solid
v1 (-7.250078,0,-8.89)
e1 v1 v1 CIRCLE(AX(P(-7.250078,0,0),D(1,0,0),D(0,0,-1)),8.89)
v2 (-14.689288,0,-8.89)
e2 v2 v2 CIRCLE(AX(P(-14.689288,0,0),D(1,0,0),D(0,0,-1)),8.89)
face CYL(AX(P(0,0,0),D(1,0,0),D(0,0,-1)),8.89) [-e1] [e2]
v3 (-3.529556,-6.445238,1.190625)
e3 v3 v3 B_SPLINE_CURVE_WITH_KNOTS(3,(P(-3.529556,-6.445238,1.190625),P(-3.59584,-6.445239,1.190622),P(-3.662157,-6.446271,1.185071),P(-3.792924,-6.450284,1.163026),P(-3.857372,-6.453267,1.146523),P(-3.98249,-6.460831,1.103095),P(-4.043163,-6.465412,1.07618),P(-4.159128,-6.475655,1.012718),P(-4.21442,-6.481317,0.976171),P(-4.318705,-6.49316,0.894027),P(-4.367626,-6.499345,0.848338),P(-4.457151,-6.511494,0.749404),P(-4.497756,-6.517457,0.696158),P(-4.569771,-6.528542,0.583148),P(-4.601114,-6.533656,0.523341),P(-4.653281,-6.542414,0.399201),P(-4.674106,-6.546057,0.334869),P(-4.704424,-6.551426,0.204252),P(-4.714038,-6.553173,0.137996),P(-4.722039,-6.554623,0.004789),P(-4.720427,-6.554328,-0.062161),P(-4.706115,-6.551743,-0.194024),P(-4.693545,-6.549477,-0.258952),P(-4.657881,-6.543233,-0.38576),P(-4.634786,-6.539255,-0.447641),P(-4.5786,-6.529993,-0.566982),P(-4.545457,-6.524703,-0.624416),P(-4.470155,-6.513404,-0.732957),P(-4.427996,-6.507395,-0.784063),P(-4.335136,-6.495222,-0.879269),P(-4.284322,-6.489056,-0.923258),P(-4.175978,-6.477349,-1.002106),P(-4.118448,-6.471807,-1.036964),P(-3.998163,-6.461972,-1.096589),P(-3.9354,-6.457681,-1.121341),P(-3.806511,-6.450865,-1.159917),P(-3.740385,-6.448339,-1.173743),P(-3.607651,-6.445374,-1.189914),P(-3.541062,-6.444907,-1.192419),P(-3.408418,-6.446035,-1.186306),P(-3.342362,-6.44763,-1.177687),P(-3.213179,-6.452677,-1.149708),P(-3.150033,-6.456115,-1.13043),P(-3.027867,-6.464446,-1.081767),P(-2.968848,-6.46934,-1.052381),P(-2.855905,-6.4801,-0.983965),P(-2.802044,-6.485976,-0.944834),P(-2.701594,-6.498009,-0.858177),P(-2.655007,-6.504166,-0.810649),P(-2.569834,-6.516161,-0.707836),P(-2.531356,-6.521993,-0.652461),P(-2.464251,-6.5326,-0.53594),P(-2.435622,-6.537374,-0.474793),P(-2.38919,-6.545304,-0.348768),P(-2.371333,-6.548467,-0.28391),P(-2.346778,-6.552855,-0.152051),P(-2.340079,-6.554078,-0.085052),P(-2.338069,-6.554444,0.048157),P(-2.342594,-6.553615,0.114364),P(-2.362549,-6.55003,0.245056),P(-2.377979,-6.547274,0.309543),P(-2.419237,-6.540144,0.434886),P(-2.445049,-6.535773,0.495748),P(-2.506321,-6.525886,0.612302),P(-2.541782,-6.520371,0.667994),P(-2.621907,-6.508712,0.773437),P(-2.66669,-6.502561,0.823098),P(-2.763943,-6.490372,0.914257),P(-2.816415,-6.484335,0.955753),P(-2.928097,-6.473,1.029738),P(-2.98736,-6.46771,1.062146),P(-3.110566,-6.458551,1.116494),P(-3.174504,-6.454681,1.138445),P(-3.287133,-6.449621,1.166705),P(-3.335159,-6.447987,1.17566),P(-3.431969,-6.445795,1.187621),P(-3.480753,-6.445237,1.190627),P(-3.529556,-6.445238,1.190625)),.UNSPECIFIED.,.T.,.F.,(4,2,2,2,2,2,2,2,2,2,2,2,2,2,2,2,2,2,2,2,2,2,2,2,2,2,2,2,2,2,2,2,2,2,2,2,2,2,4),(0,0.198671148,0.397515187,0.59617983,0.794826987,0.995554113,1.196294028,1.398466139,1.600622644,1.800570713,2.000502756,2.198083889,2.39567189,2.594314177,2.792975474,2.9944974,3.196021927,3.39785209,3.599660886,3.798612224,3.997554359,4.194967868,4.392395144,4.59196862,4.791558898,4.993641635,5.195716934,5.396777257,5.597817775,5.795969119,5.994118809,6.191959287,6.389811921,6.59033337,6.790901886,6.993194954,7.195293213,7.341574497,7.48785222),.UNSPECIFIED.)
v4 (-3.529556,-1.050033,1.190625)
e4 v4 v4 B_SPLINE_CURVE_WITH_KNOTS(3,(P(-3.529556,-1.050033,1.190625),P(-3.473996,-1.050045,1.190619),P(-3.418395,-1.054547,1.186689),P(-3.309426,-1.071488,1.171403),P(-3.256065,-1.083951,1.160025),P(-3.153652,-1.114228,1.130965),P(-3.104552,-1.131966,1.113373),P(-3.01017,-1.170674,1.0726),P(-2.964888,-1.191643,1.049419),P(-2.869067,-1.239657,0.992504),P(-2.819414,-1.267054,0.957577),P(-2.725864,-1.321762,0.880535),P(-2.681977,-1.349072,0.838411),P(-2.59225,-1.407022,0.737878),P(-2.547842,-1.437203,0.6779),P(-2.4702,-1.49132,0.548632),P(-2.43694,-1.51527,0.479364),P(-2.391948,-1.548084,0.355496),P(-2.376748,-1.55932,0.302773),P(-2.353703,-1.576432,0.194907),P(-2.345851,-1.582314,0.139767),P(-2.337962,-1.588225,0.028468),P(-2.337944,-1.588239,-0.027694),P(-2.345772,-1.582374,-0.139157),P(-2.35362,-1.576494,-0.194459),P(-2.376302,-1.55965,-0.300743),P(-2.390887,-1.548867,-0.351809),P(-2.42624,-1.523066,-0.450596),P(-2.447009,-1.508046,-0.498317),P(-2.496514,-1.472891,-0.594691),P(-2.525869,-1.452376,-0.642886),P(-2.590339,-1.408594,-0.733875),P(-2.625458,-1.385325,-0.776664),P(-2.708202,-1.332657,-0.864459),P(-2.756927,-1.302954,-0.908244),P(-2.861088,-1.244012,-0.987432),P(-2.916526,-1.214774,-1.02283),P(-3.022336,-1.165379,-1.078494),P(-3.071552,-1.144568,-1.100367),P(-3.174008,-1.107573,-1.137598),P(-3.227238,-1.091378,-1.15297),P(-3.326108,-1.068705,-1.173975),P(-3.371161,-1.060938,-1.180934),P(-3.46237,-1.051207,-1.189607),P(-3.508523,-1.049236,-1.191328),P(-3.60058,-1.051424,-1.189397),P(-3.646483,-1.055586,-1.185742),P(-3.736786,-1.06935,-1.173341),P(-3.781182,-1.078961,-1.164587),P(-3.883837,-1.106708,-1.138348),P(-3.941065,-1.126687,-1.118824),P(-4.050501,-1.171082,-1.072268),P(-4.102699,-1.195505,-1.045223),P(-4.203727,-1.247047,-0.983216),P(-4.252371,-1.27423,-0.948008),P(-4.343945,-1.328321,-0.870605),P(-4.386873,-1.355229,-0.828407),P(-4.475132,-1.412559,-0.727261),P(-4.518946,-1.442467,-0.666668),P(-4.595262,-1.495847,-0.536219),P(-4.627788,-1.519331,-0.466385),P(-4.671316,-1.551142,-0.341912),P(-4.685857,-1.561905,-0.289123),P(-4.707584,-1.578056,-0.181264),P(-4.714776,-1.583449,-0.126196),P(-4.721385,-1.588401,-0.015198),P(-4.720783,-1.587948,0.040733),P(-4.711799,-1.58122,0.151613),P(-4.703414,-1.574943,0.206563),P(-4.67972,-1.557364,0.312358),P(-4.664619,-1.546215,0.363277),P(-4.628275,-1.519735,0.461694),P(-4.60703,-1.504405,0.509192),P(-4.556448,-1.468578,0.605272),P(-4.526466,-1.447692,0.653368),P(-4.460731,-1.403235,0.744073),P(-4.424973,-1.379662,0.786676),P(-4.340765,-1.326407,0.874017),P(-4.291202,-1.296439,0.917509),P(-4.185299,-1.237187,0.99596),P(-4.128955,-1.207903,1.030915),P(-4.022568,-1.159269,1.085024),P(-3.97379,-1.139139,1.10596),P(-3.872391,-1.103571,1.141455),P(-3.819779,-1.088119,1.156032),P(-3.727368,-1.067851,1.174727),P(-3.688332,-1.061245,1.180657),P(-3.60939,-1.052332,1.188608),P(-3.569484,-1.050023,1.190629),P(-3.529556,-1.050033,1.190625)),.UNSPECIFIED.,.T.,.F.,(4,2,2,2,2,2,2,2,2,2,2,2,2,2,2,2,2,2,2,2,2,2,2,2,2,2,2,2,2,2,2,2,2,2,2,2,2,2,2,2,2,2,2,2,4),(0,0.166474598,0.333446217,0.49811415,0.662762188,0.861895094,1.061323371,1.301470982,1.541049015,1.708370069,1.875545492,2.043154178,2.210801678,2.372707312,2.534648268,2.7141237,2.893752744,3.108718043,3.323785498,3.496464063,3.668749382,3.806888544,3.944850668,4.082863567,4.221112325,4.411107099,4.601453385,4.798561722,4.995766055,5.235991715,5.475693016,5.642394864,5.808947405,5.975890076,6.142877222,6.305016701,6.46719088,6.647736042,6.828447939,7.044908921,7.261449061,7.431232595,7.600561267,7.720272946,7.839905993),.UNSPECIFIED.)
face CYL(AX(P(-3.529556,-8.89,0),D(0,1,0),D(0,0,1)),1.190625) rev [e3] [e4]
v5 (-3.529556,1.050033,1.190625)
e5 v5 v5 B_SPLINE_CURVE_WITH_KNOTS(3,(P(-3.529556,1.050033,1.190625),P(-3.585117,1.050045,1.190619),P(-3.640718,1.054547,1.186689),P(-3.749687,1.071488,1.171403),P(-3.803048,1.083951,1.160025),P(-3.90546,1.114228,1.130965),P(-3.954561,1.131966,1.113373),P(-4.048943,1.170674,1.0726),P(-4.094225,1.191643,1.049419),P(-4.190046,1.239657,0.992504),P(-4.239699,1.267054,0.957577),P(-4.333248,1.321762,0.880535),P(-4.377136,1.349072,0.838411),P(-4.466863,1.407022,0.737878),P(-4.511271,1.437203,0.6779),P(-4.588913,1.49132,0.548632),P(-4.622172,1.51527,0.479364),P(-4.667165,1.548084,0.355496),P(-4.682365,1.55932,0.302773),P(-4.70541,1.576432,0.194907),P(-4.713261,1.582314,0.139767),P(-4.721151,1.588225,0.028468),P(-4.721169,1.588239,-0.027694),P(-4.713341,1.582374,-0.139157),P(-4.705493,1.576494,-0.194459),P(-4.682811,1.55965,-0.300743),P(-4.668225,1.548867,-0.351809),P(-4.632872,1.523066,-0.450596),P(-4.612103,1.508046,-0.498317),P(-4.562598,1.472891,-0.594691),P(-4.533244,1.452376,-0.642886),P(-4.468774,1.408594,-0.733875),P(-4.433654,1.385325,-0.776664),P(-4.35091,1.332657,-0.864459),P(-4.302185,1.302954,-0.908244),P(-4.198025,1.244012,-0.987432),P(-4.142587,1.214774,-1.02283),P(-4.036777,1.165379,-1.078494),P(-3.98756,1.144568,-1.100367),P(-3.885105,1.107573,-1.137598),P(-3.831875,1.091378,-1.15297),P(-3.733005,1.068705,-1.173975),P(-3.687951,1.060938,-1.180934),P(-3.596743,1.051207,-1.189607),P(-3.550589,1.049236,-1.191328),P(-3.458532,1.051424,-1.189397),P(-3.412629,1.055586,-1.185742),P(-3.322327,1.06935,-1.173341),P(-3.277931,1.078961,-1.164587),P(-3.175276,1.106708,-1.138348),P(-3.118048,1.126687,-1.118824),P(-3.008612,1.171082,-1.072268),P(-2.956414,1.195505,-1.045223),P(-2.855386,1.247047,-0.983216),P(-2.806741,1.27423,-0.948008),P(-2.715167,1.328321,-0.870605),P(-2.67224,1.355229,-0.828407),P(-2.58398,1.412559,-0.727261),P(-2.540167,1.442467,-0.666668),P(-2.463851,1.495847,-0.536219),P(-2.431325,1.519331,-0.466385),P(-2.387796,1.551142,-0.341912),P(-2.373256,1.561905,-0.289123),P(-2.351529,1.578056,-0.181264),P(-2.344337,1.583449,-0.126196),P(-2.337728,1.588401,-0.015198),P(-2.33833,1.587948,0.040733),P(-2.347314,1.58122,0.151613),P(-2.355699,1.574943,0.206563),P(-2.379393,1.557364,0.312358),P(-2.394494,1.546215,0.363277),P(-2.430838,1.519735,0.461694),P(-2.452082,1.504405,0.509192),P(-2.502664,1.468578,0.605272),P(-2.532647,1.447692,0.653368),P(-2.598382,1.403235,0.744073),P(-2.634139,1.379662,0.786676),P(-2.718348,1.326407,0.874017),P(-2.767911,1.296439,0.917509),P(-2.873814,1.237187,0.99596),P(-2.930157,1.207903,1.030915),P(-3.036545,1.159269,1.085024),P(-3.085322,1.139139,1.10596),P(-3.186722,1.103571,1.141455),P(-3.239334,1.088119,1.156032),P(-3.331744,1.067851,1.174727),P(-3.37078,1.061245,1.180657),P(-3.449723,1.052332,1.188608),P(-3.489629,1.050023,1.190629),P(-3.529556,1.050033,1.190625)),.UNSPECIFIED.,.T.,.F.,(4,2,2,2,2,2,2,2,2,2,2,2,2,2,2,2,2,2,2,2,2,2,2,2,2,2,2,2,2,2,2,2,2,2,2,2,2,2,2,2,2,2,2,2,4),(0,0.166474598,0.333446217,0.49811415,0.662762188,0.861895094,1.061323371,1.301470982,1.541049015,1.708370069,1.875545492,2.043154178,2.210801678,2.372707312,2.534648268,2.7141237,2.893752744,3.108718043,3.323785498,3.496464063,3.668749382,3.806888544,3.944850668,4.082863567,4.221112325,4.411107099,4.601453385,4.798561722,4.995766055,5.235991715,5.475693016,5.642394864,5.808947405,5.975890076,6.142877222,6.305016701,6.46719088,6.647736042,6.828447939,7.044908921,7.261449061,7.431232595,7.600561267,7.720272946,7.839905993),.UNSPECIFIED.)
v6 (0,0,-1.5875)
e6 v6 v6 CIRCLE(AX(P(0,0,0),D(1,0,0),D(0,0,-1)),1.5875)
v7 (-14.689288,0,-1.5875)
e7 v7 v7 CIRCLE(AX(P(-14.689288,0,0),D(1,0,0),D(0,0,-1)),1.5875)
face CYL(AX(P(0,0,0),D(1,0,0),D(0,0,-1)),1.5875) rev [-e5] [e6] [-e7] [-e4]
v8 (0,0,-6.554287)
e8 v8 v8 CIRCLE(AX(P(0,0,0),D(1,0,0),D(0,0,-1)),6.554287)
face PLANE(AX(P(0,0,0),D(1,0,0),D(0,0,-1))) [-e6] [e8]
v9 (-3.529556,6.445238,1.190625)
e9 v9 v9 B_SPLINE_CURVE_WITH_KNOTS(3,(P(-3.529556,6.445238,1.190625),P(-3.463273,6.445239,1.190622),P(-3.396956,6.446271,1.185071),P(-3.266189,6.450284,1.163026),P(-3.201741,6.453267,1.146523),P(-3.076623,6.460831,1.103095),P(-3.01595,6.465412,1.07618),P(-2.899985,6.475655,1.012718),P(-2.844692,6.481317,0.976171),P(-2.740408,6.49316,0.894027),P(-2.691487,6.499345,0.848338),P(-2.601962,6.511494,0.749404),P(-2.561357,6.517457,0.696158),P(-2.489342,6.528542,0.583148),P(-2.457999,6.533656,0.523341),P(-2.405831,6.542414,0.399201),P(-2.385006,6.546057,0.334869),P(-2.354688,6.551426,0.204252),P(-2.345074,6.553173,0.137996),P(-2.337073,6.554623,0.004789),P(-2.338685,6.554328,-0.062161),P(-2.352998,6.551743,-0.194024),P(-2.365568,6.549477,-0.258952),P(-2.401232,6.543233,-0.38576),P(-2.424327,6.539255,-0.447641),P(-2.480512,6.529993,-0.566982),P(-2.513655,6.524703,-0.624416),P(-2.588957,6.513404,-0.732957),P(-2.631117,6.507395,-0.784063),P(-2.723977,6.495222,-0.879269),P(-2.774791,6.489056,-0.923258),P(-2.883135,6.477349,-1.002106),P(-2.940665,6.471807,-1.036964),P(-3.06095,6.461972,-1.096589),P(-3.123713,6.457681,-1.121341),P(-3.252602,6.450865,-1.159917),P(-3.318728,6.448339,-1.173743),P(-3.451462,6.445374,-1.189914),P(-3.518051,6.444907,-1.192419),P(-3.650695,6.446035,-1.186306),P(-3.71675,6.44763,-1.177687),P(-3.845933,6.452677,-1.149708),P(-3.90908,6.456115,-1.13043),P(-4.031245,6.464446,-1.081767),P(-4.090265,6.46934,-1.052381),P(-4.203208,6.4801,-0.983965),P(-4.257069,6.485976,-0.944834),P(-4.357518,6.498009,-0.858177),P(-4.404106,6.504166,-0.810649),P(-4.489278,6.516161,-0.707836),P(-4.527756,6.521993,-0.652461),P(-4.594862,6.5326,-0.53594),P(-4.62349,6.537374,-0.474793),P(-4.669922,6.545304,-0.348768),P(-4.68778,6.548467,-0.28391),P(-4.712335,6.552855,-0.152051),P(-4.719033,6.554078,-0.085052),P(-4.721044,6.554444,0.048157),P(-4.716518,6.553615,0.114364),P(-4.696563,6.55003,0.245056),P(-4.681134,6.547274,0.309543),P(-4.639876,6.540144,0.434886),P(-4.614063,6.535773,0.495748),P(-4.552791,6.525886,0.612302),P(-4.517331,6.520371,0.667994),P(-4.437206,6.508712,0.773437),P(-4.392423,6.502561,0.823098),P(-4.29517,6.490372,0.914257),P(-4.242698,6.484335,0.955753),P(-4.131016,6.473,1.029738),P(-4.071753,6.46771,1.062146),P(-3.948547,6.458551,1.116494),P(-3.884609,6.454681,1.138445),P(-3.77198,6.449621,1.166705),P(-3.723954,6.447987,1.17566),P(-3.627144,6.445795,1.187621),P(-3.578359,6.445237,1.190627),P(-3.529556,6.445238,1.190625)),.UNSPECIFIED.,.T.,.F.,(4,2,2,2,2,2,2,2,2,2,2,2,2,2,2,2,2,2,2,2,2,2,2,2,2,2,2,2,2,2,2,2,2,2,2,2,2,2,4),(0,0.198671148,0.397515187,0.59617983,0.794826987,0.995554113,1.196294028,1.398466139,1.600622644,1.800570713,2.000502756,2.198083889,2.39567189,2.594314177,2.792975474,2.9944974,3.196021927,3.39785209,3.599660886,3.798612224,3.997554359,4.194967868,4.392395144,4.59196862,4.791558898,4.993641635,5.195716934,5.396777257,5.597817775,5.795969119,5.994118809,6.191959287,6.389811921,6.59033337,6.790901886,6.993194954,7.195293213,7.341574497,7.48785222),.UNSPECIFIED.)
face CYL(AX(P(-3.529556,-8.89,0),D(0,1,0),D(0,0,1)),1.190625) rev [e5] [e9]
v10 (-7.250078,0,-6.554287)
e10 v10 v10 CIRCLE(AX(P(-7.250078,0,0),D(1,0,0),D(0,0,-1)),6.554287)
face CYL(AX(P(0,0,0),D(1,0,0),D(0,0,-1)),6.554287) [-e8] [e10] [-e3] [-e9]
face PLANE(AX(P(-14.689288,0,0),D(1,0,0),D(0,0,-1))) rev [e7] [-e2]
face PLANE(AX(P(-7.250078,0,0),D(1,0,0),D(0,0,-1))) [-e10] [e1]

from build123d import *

# Parameters (mm, degrees)
CUT_EXTRUDE1_DEPTH      = 20.334926531
CUT_EXTRUDE1_DEPTH_BACK = 20.334926531
SKETCH2_R               = 1.190625


with BuildPart() as part:
    # Sketch1 → Revolve1 (revolve)
    with BuildSketch(Plane.XY):
        Polygon((0, 1.5875), (0, 6.554286829), (-7.250077802, 6.554286829), (-7.250077802, 8.89), (-14.689288069, 8.89), (-14.689288069, 1.5875), align=None)
    revolve(axis=Axis((0, 0, 0), (-1, 0, 0)))

    # Sketch2 → Cut-Extrude1 (cut, two sides: drawn at the far end of the back side and taken through both)
    with BuildSketch(Plane(origin=(0, 0, 0), x_dir=(1, 0, 0), z_dir=(0, 1, 0)).offset(-CUT_EXTRUDE1_DEPTH_BACK)):
        with Locations((-3.529556327, 0)):
            Circle(SKETCH2_R)
    extrude(amount=CUT_EXTRUDE1_DEPTH + CUT_EXTRUDE1_DEPTH_BACK, mode=Mode.SUBTRACT)


solid = part.part
